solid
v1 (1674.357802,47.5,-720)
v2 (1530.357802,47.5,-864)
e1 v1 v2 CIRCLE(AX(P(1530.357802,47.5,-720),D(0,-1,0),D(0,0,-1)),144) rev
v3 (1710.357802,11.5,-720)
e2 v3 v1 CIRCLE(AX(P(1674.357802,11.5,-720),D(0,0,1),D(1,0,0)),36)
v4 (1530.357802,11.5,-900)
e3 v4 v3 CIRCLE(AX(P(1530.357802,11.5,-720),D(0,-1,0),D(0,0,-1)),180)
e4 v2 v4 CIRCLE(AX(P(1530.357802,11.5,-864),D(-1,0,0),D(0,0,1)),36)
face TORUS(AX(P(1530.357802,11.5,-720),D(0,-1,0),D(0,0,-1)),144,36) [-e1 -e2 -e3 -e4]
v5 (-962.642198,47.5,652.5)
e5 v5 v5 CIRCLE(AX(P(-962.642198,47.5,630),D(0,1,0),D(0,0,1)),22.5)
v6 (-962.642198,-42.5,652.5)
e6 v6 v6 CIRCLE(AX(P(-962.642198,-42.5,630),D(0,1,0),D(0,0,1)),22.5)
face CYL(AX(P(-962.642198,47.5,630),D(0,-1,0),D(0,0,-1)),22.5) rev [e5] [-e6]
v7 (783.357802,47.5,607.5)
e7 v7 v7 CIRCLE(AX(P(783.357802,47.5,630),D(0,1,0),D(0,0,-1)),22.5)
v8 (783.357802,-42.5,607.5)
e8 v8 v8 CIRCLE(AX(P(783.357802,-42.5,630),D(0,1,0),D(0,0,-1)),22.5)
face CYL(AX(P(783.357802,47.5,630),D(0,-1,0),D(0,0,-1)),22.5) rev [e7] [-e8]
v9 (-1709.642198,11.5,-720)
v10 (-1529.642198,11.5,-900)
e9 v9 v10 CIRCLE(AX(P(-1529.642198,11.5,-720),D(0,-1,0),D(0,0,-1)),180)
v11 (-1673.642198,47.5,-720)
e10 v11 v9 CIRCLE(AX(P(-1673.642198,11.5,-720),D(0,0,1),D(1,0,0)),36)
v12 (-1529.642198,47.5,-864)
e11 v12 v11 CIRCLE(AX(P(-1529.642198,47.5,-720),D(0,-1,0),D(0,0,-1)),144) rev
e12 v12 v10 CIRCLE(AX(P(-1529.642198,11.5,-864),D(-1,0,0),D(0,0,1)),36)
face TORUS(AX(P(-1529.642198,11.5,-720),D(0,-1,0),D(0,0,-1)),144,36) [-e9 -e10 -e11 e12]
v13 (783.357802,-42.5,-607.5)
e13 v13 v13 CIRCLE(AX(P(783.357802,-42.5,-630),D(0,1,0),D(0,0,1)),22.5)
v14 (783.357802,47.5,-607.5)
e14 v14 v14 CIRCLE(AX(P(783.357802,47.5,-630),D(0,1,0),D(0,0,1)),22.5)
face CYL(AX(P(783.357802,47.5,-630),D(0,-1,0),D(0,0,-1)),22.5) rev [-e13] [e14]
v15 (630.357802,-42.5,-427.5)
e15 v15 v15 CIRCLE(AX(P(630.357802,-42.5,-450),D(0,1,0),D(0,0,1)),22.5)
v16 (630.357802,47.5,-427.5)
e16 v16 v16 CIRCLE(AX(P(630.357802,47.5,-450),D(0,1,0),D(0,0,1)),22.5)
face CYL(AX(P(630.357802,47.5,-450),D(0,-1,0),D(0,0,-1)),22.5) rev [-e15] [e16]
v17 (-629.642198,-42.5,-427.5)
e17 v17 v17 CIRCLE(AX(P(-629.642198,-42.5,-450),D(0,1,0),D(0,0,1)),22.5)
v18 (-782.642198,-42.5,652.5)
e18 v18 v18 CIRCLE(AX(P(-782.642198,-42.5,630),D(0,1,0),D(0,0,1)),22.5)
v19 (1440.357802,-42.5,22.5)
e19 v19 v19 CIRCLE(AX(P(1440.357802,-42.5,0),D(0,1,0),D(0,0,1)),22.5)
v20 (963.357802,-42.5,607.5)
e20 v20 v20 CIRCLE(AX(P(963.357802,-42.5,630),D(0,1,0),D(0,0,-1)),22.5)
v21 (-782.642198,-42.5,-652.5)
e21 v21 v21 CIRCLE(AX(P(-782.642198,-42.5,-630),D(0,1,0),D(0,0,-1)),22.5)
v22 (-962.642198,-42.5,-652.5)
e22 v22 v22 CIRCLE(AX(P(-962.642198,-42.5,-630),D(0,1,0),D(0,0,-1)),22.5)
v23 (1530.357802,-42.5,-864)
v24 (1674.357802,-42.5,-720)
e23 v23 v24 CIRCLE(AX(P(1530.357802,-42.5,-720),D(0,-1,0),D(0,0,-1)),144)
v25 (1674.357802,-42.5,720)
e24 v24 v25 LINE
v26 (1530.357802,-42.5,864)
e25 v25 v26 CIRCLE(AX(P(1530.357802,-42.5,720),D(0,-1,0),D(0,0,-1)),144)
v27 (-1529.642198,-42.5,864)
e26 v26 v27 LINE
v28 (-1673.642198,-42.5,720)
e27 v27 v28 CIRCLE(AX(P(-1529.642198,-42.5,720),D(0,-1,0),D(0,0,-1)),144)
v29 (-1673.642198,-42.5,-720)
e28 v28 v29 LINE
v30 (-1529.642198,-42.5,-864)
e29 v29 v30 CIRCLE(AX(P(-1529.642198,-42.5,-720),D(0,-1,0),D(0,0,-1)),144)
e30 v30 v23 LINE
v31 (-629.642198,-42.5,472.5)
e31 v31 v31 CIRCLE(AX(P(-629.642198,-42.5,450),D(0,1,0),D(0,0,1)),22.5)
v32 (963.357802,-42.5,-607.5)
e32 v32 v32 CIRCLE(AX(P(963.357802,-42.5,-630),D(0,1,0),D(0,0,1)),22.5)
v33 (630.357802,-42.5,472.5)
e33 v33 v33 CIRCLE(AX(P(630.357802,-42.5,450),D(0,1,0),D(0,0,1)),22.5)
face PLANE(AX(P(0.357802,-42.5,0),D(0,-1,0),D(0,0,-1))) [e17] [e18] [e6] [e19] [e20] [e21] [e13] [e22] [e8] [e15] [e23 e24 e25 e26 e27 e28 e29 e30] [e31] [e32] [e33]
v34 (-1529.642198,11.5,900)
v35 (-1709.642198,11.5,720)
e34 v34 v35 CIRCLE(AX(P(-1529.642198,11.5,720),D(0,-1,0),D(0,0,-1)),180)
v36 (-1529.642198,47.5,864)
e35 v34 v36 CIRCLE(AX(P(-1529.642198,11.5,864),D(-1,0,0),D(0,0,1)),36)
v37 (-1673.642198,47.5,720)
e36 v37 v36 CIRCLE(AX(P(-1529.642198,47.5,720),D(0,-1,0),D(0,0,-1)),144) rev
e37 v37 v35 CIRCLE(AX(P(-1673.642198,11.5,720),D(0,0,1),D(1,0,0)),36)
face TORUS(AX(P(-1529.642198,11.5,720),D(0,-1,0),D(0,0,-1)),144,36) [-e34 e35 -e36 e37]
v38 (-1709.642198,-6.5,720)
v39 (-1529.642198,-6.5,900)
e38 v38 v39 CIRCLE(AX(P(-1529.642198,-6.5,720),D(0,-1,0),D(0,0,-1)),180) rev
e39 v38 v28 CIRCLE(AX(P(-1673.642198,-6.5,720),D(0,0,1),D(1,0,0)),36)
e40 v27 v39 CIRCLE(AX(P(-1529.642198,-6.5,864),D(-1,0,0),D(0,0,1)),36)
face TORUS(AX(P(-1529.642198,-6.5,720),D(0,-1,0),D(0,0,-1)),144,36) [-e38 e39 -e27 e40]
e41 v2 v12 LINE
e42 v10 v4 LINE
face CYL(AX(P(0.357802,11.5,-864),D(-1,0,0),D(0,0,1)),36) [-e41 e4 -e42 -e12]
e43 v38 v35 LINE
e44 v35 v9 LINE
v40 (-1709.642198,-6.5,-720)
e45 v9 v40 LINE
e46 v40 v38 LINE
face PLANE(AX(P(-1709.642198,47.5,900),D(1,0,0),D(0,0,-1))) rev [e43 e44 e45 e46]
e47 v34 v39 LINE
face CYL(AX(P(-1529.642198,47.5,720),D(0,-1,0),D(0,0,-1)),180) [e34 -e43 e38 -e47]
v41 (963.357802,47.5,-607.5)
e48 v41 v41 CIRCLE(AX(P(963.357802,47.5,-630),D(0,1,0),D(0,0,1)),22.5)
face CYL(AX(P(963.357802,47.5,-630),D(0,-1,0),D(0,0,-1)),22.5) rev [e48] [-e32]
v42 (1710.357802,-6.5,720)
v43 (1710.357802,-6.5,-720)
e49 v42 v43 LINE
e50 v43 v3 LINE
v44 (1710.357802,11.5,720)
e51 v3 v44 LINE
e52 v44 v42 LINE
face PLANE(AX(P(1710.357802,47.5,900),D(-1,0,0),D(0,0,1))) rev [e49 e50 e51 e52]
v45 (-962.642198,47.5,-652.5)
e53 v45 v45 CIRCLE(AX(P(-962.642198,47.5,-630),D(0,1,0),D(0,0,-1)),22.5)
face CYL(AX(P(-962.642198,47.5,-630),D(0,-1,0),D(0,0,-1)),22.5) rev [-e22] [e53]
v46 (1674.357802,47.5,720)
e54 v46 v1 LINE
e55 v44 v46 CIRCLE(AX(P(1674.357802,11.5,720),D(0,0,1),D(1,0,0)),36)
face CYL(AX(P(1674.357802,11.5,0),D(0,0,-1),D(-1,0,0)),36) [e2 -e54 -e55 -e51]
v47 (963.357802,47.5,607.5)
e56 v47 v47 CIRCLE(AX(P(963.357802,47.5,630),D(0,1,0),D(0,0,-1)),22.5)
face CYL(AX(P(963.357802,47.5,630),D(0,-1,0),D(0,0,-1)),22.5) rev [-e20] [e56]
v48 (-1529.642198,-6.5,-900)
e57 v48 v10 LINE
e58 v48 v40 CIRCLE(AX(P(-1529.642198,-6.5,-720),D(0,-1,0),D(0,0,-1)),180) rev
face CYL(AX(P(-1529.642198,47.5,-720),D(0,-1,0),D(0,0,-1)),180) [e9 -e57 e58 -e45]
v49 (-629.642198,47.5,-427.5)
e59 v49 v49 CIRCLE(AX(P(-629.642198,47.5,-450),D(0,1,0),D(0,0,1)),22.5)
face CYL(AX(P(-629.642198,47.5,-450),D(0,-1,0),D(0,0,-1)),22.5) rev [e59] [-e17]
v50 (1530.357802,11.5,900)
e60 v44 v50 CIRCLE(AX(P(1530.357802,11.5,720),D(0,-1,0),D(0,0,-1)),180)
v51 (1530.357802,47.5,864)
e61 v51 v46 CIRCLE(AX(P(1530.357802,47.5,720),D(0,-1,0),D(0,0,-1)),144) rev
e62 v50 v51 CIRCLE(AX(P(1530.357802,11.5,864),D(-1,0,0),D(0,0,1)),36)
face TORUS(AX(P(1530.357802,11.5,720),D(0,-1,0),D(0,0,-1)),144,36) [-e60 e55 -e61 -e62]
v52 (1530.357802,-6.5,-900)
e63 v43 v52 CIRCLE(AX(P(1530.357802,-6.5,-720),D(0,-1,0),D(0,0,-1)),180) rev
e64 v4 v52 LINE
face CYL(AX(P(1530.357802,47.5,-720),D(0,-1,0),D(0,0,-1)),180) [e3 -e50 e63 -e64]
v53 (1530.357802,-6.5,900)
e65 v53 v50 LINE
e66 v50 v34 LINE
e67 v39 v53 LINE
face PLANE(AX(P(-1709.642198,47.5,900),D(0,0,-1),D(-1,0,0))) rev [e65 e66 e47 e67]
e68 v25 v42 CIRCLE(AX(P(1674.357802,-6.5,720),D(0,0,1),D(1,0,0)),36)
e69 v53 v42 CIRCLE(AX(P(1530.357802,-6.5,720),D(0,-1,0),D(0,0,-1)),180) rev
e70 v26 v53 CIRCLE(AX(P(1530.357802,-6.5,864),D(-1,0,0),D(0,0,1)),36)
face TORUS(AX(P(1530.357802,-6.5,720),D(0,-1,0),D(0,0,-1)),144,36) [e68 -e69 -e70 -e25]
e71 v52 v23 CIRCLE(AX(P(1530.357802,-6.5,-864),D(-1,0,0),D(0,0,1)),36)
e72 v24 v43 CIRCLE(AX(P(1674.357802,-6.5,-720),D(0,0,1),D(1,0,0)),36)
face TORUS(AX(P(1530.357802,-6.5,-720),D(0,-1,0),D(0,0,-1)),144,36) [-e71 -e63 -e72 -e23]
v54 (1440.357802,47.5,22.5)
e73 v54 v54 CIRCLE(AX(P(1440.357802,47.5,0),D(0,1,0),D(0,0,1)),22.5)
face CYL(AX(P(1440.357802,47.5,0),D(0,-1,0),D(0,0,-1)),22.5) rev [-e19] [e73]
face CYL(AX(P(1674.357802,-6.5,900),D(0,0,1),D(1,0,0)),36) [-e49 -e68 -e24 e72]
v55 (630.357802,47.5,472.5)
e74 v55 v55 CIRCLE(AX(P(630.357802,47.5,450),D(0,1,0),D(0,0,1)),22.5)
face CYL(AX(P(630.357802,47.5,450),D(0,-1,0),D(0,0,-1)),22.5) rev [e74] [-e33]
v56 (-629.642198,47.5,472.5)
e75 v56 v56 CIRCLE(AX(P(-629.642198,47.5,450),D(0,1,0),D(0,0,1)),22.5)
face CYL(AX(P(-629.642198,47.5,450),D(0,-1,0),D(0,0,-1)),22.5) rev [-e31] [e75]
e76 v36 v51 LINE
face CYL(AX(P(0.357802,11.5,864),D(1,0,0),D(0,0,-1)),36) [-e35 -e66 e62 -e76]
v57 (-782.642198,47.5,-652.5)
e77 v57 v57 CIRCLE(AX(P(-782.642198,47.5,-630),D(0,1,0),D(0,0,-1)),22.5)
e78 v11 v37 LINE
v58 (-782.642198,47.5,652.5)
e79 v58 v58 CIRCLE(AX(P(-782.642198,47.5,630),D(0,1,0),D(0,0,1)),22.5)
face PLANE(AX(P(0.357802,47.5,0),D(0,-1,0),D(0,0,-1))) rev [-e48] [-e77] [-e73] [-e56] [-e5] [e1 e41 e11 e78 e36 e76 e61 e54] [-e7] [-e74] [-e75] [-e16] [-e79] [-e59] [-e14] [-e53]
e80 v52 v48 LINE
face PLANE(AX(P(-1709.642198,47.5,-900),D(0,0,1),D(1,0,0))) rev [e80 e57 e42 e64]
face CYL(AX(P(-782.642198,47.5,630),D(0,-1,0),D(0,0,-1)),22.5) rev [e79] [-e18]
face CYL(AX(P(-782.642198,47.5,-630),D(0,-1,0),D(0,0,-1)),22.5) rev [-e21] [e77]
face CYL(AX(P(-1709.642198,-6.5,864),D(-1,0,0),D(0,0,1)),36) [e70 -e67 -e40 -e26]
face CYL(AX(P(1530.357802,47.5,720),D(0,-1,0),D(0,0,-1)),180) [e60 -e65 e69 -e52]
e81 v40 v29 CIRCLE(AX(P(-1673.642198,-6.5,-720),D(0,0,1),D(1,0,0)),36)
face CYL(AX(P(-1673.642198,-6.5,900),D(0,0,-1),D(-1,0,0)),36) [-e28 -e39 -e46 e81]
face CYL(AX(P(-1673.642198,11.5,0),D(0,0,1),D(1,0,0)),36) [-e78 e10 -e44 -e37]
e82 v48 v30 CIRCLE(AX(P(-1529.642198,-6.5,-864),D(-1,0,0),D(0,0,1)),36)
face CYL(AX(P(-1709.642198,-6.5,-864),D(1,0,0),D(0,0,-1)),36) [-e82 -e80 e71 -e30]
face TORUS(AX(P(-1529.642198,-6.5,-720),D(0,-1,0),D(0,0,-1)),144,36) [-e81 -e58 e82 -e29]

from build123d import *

# Parameters (mm, degrees)
SKETCH1_W           = 190
SKETCH1_H           = 100
SKETCH1_R           = 1.25
BOSS_EXTRUDE1_DEPTH = 5
FILLET1_R           = 10
FILLET2_R           = 2
SCALE1_SCALE        = 18


with BuildPart() as part:
    # Sketch1 → Boss-Extrude1 (new body)
    with BuildSketch(Plane(origin=(0, 0, 0), x_dir=(1, 0, 0), z_dir=(0, 1, 0))):
        Rectangle(SKETCH1_W, SKETCH1_H)
        with Locations(Location((-35, 25, 0), (0, 0, 270))):
            Circle(SKETCH1_R, mode=Mode.SUBTRACT)
        with Locations(Location((35, 25, 0), (0, 0, 270))):
            Circle(SKETCH1_R, mode=Mode.SUBTRACT)
        with Locations(Location((35, -25, 0), (0, 0, 270))):
            Circle(SKETCH1_R, mode=Mode.SUBTRACT)
        with Locations(Location((-35, -25, 0), (0, 0, 270))):
            Circle(SKETCH1_R, mode=Mode.SUBTRACT)
        with Locations(Location((80, 0, 0), (0, 0, 270))):
            Circle(SKETCH1_R, mode=Mode.SUBTRACT)
        with Locations(Location((-53.5, -35, 0), (0, 0, 270))):
            Circle(SKETCH1_R, mode=Mode.SUBTRACT)
        with Locations(Location((-43.5, -35, 0), (0, 0, 270))):
            Circle(SKETCH1_R, mode=Mode.SUBTRACT)
        with Locations(Location((-43.5, 35, 0), (0, 0, 90))):
            Circle(SKETCH1_R, mode=Mode.SUBTRACT)
        with Locations(Location((-53.5, 35, 0), (0, 0, 90))):
            Circle(SKETCH1_R, mode=Mode.SUBTRACT)
        with Locations(Location((43.5, 35, 0), (0, 0, 270))):
            Circle(SKETCH1_R, mode=Mode.SUBTRACT)
        with Locations(Location((53.5, 35, 0), (0, 0, 270))):
            Circle(SKETCH1_R, mode=Mode.SUBTRACT)
        with Locations(Location((53.5, -35, 0), (0, 0, 90))):
            Circle(SKETCH1_R, mode=Mode.SUBTRACT)
        with Locations(Location((43.5, -35, 0), (0, 0, 90))):
            Circle(SKETCH1_R, mode=Mode.SUBTRACT)
    extrude(amount=BOSS_EXTRUDE1_DEPTH)

    # Fillet1
    fillet1_edges = [part.edges().sort_by_distance(p)[0] for p in [
        (95, 2.5, 50),
        (-95, 2.5, 50),
        (-95, 2.5, -50),
        (95, 2.5, -50),
    ]]
    fillet(fillet1_edges, radius=FILLET1_R)

    # Fillet2
    fillet2_edges = [part.edges().sort_by_distance(p)[0] for p in [
        (95, 0, 0),
        (95, 5, 0),
        (0, 0, 50),
        (-95, 0, 0),
        (0, 0, -50),
        (-92.071067812, 0, 47.071067812),
        (-92.071067812, 0, -47.071067812),
        (92.071067812, 0, -47.071067812),
        (92.071067812, 0, 47.071067812),
        (0, 5, 50),
        (0, 5, -50),
        (-95, 5, 0),
        (-92.071067812, 5, 47.071067812),
        (-92.071067812, 5, -47.071067812),
        (92.071067812, 5, -47.071067812),
        (92.071067812, 5, 47.071067812),
    ]]
    fillet(fillet2_edges, radius=FILLET2_R)


with BuildPart() as part_1:
    # Scale1: scaled about (-0.021047162, 2.5, 0)
    add(part.part.scale(SCALE1_SCALE).moved(Location((0.357801754, -42.5, 0))))


solid = part_1.part
